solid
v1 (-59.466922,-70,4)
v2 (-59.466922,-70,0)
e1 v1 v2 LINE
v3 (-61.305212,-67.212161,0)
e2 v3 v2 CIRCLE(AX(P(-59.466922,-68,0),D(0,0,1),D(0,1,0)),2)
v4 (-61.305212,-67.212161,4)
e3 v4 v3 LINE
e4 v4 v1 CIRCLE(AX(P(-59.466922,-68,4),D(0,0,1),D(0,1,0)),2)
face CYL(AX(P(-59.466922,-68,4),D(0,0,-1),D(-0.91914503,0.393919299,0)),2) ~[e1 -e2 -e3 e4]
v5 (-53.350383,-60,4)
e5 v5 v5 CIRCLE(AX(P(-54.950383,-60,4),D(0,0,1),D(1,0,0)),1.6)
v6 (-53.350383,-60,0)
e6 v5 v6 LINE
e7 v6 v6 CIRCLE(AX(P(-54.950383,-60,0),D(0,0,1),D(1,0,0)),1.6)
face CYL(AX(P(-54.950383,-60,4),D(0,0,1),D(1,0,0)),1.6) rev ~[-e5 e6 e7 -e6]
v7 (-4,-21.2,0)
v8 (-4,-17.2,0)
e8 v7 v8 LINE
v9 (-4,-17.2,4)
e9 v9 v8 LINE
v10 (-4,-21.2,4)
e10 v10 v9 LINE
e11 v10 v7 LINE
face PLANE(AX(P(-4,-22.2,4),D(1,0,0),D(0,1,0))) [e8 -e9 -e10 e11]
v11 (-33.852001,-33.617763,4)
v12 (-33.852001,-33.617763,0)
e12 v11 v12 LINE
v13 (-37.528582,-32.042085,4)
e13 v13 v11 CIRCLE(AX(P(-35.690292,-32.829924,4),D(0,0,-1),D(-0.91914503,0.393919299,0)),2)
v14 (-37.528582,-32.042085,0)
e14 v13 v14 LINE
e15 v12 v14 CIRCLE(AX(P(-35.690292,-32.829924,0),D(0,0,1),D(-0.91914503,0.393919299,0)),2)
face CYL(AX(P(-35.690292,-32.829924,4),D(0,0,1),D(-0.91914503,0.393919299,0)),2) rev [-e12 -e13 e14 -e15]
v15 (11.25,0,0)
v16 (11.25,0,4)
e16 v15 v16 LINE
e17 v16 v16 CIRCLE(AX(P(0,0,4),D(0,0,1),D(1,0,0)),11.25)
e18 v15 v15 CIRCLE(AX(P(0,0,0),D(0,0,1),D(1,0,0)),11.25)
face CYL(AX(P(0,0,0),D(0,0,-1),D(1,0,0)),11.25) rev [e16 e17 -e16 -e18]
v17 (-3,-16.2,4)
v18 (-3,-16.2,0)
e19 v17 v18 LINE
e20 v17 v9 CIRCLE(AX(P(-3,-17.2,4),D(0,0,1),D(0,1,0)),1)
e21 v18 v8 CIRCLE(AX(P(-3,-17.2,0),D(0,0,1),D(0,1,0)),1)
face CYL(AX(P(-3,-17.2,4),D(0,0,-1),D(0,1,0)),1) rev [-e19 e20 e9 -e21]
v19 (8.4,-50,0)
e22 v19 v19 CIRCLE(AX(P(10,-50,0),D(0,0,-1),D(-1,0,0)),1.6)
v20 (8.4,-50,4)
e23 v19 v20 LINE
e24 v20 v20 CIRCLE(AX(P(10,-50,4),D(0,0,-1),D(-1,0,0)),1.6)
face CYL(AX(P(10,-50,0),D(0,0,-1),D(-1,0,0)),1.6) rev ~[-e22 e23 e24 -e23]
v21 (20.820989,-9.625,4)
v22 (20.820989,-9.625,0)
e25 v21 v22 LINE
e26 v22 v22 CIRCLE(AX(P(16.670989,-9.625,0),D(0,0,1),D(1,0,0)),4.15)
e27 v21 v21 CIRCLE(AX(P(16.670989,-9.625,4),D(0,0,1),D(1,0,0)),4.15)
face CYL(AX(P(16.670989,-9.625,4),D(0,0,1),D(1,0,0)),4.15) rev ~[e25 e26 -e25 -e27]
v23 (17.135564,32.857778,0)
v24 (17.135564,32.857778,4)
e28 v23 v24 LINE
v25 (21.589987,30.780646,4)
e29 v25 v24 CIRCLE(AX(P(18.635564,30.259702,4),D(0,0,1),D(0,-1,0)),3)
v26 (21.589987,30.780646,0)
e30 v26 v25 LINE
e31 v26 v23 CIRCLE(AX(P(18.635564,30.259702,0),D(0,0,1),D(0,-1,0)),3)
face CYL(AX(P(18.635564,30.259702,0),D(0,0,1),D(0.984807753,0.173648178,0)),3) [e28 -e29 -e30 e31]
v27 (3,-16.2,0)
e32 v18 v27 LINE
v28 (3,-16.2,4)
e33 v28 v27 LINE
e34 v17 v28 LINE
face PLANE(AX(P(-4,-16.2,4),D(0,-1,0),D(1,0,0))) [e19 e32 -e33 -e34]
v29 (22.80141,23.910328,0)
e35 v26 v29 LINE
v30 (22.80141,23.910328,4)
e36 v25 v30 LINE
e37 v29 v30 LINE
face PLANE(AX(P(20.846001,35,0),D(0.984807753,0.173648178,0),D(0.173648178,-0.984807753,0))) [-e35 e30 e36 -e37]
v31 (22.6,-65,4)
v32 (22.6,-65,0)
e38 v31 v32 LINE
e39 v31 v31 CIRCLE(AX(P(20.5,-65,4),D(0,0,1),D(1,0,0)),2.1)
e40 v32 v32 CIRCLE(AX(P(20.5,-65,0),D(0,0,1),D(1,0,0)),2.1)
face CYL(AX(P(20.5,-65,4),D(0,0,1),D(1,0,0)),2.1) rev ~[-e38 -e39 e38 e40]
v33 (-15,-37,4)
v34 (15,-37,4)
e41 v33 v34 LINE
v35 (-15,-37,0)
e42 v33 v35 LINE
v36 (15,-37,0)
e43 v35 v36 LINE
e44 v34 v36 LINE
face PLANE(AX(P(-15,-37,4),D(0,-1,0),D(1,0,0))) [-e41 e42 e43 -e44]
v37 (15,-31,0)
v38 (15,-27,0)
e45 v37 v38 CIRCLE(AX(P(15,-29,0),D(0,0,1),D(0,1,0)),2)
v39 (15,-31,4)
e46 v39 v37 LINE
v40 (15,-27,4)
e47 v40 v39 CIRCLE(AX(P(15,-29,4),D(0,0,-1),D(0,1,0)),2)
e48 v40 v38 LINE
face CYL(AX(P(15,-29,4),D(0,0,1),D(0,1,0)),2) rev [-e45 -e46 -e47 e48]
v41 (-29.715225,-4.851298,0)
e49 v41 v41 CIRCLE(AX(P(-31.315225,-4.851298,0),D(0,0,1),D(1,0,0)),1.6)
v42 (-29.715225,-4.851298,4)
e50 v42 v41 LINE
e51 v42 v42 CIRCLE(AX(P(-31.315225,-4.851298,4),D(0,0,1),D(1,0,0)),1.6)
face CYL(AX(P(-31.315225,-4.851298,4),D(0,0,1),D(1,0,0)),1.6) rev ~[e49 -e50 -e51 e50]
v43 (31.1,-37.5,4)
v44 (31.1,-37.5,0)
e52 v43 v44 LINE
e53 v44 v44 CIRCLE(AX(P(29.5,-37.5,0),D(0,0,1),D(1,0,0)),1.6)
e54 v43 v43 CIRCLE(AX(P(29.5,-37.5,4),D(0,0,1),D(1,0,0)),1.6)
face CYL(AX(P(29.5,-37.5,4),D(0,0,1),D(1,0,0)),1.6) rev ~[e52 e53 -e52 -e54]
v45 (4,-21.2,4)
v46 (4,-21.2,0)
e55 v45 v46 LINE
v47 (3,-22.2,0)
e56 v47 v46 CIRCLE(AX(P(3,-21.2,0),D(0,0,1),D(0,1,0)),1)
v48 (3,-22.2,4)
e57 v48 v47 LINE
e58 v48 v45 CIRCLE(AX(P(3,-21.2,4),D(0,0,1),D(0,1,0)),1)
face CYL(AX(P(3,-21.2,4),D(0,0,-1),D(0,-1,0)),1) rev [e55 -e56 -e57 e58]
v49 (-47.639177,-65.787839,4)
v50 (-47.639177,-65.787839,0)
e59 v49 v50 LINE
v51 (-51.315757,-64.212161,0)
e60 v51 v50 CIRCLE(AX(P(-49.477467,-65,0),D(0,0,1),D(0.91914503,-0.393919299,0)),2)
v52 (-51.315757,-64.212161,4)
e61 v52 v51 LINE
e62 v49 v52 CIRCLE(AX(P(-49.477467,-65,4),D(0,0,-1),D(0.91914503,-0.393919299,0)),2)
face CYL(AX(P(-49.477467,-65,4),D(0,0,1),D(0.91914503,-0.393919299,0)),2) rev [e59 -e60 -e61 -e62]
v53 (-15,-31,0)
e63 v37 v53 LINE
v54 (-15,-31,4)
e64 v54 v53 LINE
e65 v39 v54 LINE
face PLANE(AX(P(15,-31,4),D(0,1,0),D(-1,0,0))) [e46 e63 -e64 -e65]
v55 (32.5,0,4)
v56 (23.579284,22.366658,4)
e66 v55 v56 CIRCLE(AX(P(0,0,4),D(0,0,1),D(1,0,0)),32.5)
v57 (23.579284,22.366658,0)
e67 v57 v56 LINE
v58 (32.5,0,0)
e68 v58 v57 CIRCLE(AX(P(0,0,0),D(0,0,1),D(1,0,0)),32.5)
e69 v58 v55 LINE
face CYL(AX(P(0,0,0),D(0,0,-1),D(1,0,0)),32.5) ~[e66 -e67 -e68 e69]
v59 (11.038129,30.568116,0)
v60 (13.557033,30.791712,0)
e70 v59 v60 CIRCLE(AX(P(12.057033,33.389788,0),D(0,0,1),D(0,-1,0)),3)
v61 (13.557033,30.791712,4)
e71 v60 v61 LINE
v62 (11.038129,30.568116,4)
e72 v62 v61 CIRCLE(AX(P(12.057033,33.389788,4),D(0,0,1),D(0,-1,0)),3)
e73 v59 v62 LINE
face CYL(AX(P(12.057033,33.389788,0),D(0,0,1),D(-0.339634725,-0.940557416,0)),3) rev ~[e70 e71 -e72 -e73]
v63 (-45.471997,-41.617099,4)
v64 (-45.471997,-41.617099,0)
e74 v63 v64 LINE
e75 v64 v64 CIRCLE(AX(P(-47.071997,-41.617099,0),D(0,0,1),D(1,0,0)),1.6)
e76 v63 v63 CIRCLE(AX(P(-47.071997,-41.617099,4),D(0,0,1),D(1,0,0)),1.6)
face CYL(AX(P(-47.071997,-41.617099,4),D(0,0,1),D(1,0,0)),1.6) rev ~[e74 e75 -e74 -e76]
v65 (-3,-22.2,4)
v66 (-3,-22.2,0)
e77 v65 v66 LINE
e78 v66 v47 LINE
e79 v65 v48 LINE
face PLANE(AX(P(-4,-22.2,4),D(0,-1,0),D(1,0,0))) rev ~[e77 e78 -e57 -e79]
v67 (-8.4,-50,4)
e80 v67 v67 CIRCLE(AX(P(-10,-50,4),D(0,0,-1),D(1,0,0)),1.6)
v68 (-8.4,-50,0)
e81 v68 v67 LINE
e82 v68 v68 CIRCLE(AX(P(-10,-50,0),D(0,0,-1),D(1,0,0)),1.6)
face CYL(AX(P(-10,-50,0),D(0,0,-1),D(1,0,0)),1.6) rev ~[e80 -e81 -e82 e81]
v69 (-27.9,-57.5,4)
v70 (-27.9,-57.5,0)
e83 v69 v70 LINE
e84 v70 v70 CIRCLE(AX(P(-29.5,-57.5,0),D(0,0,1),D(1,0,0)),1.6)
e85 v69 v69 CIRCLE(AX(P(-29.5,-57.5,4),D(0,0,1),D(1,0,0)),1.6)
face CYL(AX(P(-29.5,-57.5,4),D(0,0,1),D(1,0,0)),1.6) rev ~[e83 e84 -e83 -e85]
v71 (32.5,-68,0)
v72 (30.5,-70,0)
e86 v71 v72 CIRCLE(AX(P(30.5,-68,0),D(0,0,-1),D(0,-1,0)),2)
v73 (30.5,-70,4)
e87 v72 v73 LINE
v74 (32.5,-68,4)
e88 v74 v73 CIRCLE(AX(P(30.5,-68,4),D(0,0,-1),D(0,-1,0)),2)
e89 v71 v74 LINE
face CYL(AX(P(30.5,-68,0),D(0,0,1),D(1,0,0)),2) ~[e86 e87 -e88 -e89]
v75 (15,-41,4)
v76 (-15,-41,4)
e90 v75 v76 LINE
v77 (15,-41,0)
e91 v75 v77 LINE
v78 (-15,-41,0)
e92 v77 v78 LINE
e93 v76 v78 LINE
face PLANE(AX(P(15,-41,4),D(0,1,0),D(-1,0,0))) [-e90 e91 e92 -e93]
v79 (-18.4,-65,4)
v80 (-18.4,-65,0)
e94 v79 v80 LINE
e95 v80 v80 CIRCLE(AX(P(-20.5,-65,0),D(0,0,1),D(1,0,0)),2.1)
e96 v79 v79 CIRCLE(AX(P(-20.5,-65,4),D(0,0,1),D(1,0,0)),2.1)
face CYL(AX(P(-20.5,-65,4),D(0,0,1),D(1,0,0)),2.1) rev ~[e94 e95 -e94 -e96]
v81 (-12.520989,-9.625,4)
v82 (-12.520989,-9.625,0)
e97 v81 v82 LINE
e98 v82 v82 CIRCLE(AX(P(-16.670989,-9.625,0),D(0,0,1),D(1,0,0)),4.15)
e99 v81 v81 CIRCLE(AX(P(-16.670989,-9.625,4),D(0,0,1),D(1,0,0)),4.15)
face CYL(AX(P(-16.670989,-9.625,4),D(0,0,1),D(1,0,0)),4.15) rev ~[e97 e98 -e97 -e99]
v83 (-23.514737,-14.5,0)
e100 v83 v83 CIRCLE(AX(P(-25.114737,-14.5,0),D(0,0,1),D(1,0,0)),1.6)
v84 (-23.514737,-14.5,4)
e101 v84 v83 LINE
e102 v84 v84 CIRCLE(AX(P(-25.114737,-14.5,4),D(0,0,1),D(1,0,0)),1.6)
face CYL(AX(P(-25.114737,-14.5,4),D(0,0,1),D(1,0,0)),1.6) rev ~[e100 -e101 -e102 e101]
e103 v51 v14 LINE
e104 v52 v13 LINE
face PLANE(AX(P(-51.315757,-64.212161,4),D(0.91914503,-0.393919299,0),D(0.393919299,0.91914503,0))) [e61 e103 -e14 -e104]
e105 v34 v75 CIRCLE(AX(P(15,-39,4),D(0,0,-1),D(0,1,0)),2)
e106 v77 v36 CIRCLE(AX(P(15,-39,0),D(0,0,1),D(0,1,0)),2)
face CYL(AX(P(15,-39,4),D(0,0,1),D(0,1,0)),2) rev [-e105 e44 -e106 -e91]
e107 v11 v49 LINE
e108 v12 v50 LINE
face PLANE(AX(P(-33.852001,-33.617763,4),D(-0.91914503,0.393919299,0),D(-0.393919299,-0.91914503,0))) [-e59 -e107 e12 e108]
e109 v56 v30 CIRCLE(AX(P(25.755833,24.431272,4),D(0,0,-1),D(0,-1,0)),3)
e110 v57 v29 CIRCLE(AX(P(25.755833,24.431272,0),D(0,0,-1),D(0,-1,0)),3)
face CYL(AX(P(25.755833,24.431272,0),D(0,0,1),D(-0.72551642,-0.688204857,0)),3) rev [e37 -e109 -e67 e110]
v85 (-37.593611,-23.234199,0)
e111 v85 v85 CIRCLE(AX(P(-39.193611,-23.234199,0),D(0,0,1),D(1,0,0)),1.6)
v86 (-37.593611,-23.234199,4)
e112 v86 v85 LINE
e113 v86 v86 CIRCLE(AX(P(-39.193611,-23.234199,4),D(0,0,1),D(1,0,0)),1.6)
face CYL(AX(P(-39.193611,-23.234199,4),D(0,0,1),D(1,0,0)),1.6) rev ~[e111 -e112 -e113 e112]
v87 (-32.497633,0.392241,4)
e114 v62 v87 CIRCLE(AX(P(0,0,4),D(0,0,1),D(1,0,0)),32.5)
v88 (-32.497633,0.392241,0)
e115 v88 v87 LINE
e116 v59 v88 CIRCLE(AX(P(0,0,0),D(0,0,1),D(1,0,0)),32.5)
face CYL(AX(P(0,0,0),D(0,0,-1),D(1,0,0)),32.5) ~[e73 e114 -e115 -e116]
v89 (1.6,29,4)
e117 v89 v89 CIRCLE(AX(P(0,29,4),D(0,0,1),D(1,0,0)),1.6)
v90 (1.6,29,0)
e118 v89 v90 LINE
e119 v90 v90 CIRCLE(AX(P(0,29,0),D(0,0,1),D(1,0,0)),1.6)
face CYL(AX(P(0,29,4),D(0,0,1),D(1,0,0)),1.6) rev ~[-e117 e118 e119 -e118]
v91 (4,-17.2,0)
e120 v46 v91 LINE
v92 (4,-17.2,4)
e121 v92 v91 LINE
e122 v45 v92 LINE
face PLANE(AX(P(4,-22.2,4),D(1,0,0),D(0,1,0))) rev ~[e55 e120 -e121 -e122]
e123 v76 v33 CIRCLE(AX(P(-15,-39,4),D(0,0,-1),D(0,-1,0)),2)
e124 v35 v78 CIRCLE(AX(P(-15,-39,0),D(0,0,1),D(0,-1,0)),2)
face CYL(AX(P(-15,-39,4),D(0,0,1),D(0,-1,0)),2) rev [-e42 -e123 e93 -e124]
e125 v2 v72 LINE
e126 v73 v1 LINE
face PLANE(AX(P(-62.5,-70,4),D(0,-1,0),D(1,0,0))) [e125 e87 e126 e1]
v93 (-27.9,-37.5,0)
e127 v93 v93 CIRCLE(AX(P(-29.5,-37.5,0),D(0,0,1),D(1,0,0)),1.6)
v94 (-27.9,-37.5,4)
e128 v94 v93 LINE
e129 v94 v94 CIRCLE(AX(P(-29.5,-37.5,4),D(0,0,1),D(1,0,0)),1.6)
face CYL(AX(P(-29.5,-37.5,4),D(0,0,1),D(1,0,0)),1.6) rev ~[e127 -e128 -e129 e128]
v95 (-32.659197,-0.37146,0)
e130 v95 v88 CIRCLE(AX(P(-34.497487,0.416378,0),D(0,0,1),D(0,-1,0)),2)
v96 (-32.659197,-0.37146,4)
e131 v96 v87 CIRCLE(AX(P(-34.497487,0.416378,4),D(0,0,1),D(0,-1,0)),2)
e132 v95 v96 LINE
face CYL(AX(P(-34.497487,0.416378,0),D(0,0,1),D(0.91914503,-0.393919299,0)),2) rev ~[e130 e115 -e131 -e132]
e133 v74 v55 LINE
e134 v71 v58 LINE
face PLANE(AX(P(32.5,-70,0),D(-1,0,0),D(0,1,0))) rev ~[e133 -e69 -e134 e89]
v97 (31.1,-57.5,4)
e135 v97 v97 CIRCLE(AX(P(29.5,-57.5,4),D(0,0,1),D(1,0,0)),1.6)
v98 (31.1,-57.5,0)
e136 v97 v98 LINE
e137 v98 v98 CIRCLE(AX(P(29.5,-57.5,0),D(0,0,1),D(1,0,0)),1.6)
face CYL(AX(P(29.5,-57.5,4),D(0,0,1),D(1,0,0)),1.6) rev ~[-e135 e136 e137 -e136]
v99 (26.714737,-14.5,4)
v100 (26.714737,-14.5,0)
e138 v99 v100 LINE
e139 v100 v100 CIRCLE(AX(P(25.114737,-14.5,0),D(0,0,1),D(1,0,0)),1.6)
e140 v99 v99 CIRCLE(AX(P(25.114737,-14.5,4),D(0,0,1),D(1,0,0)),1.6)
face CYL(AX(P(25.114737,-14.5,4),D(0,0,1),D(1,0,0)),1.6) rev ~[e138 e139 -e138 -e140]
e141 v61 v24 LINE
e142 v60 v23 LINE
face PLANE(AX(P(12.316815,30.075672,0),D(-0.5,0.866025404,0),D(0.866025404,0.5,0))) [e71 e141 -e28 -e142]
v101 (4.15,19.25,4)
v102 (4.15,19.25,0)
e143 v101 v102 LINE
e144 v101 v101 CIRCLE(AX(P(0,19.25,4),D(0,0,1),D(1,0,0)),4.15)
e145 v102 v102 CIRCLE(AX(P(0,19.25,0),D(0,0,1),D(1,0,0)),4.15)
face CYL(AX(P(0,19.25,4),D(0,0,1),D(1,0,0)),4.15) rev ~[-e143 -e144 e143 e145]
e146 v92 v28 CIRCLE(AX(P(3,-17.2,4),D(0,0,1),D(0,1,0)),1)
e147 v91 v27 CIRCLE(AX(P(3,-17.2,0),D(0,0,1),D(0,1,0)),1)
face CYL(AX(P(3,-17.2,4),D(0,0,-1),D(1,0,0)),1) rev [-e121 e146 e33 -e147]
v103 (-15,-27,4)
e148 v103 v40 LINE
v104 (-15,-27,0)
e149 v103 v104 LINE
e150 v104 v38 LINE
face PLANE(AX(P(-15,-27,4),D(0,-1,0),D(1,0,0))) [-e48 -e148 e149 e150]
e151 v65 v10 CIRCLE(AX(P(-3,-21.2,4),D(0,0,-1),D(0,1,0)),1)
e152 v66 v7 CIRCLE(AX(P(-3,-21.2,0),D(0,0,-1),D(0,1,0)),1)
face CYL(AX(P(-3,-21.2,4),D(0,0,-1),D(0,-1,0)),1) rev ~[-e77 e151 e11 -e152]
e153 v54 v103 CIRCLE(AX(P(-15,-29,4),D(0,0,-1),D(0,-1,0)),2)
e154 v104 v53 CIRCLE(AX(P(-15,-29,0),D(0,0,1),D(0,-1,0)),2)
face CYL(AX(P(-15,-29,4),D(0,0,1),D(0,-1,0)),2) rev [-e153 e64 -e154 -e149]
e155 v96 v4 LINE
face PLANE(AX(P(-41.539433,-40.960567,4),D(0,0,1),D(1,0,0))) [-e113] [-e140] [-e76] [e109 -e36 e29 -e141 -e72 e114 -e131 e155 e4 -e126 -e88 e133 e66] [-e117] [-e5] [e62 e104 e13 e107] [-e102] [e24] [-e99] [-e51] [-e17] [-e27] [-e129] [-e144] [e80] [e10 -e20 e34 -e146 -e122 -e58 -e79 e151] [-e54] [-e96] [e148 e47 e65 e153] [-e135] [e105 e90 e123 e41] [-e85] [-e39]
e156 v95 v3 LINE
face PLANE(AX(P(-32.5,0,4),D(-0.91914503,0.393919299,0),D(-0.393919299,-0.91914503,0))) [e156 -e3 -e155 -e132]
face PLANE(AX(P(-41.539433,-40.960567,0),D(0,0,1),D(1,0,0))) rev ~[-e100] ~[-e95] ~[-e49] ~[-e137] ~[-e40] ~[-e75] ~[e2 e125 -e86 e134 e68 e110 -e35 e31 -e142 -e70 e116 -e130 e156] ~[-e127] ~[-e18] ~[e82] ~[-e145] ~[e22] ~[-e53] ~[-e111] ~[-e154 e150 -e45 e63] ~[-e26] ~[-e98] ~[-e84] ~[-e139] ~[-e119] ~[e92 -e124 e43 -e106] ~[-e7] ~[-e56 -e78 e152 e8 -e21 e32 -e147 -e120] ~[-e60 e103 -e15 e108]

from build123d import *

# Parameters (mm, degrees)
SKETCH_1_R          = 32.5
SKETCH_1_R_2        = 11.25
EXTRUDE_1_DEPTH     = 4
EXTRUDE_START       = -4
EXTRUDE_2_DEPTH     = 4
SKETCH_3_R          = 4.15
CUT_EXTRUDE_1_DEPTH = 4
SKETCH_4_R          = 1.6
CUT_EXTRUDE_2_DEPTH = 4
SKETCH_5_W          = 17.6
SKETCH_5_H          = 4
EXTRUDE_3_DEPTH     = 4
SKETCH_6_R          = 2.1
CUT_EXTRUDE_3_DEPTH = 4
SKETCH_7_W          = 8
SKETCH_7_H          = 6
CUT_EXTRUDE_4_DEPTH = 4
FILLET_1_R          = 1
SKETCH_8_R          = 1.6
CUT_EXTRUDE_5_DEPTH = 10
SKETCH_9_W          = 35.2
SKETCH_9_H          = 4
CUT_EXTRUDE_6_DEPTH = 10
SKETCH_10_R         = 1.6
CUT_EXTRUDE_7_DEPTH = 10
EXTRUDE_4_DEPTH     = 4
FILLET_2_R          = 3
CUT_EXTRUDE_8_DEPTH = 10
EXTRUDE_5_DEPTH     = 4
FILLET_3_R          = 2
SKETCH_14_R         = 1.6
CUT_EXTRUDE_9_DEPTH = 10


with BuildPart() as part:
    # 草图1 → 凸台-拉伸1 (new body)
    with BuildSketch(Plane.XY):
        Circle(SKETCH_1_R)
        Circle(SKETCH_1_R_2, mode=Mode.SUBTRACT)
    extrude(amount=EXTRUDE_1_DEPTH)

    # 草图2 → 凸台-拉伸2 (add)
    with BuildSketch(Plane.XY.offset(4).offset(EXTRUDE_START)):
        with BuildLine():
            Line((-32.5, 0), (-32.5, -70))
            Line((-32.5, -70), (32.5, -70))
            Line((32.5, -70), (32.5, 0))
            ThreePointArc((32.5, 0), (0, -32.5), (-32.5, 0))
        make_face()
    extrude(amount=EXTRUDE_2_DEPTH)

    # 草图3 → 切除-拉伸1 (cut)
    with BuildSketch(Plane.XY.offset(4)):
        with Locations((0, 19.25)):
            Circle(SKETCH_3_R)
        with Locations((16.670989023, -9.625)):
            Circle(SKETCH_3_R)
        with Locations((-16.670989023, -9.625)):
            Circle(SKETCH_3_R)
    extrude(amount=-CUT_EXTRUDE_1_DEPTH, mode=Mode.SUBTRACT)

    # 草图4 → 切除-拉伸2 (cut)
    with BuildSketch(Plane.XY.offset(4)):
        with Locations((0, 29)):
            Circle(SKETCH_4_R)
        with Locations((25.11473671, -14.5)):
            Circle(SKETCH_4_R)
        with Locations((-25.11473671, -14.5)):
            Circle(SKETCH_4_R)
    extrude(amount=-CUT_EXTRUDE_2_DEPTH, mode=Mode.SUBTRACT)

    # 草图5 → 凸台-拉伸3 (add)
    with BuildSketch(Plane.XY.offset(4)):
        with Locations((-8.8, -72)):
            Rectangle(SKETCH_5_W, SKETCH_5_H)
        with Locations((8.8, -72)):
            Rectangle(SKETCH_5_W, SKETCH_5_H)
    extrude(amount=-EXTRUDE_3_DEPTH)

    # 草图6 → 切除-拉伸3 (cut)
    with BuildSketch(Plane.XY.offset(4)):
        with Locations((-20.5, -65)):
            Circle(SKETCH_6_R)
        with Locations((20.5, -65)):
            Circle(SKETCH_6_R)
    extrude(amount=-CUT_EXTRUDE_3_DEPTH, mode=Mode.SUBTRACT)

    # 草图7 → 切除-拉伸4 (cut)
    with BuildSketch(Plane.XY.offset(4)):
        with Locations((0, -19.2)):
            Rectangle(SKETCH_7_W, SKETCH_7_H)
    extrude(amount=-CUT_EXTRUDE_4_DEPTH, mode=Mode.SUBTRACT)

    # 圆角1
    fillet_1_edges = [part.edges().sort_by_distance(p)[0] for p in [
        (4, -16.2, 2),
        (4, -22.2, 2),
        (-4, -22.2, 2),
        (-4, -16.2, 2),
    ]]
    fillet(fillet_1_edges, radius=FILLET_1_R)

    # 草图8 → 切除-拉伸5 (cut)
    with BuildSketch(Plane(origin=(0, 0, 0), x_dir=(-1, 0, 0), z_dir=(0, 0, -1))):
        with Locations((-10, -50)):
            Circle(SKETCH_8_R)
        with Locations(Location((10, -50, 0), (0, 0, 180))):
            Circle(SKETCH_8_R)
    extrude(amount=-CUT_EXTRUDE_5_DEPTH, mode=Mode.SUBTRACT)

    # 草图9 → 切除-拉伸6 (cut)
    with BuildSketch(Plane.XY.offset(4)):
        with Locations((0, -72)):
            Rectangle(SKETCH_9_W, SKETCH_9_H)
    extrude(amount=-CUT_EXTRUDE_6_DEPTH, mode=Mode.SUBTRACT)

    # 草图10 → 切除-拉伸7 (cut)
    with BuildSketch(Plane.XY.offset(4)):
        with Locations((-29.5, -57.5)):
            Circle(SKETCH_10_R)
        with Locations((-29.5, -37.5)):
            Circle(SKETCH_10_R)
        with Locations((29.5, -37.5)):
            Circle(SKETCH_10_R)
        with Locations((29.5, -57.5)):
            Circle(SKETCH_10_R)
    extrude(amount=-CUT_EXTRUDE_7_DEPTH, mode=Mode.SUBTRACT)

    # 草图11 → 凸台-拉伸4 (add)
    with BuildSketch(Plane.XY.offset(4).offset(EXTRUDE_START)):
        with BuildLine():
            Line((12.316815341, 30.075672226), (20.846001238, 35))
            Line((20.846001238, 35), (22.961925006, 23))
            ThreePointArc((22.961925006, 23), (17.990654921, 27.06633214), (12.316815341, 30.075672226))
        make_face()
    extrude(amount=EXTRUDE_4_DEPTH)

    # 圆角2
    fillet_2_edges = [part.edges().sort_by_distance(p)[0] for p in [
        (22.961925006, 23, 2),
        (12.316815341, 30.075672226, 2),
        (20.846001238, 35, 2),
    ]]
    fillet(fillet_2_edges, radius=FILLET_2_R)

    # 草图12 → 切除-拉伸8 (cut)
    with BuildSketch(Plane.XY.offset(4)):
        with BuildLine():
            Line((-15, -27), (15, -27))
            ThreePointArc((15, -27), (17, -29), (15, -31))
            Line((15, -31), (-15, -31))
            ThreePointArc((-15, -31), (-17, -29), (-15, -27))
        make_face()
        with BuildLine():
            Line((-15, -37), (15, -37))
            ThreePointArc((15, -37), (17, -39), (15, -41))
            Line((15, -41), (-15, -41))
            ThreePointArc((-15, -41), (-17, -39), (-15, -37))
        make_face()
    extrude(amount=-CUT_EXTRUDE_8_DEPTH, mode=Mode.SUBTRACT)

    # 草图13 → 凸台-拉伸5 (add)
    with BuildSketch(Plane.XY.offset(4)):
        Polygon((-32.5, 0), (-62.5, -70), (-32.5, -70), align=None)
    extrude(amount=-EXTRUDE_5_DEPTH)

    # 圆角3
    fillet_3_edges = [part.edges().sort_by_distance(p)[0] for p in [
        (-32.5, 0, 2),
        (32.5, -70, 2),
        (-62.5, -70, 2),
    ]]
    fillet(fillet_3_edges, radius=FILLET_3_R)

    # 草图14 → 切除-拉伸9 (cut)
    with BuildSketch(Plane.XY.offset(4)):
        with Locations((-54.950382955, -60)):
            Circle(SKETCH_14_R)
        with Locations((-47.071996983, -41.6170994)):
            Circle(SKETCH_14_R)
        with Locations((-39.193611011, -23.234198799)):
            Circle(SKETCH_14_R)
        with Locations((-31.31522504, -4.851298199)):
            Circle(SKETCH_14_R)
        with BuildLine():
            Line((-33.852001481, -33.617762547), (-47.639176932, -65.787838597))
            ThreePointArc((-47.639176932, -65.787838597), (-50.265305589, -66.83829006), (-51.315757052, -64.212161403))
            Line((-51.315757052, -64.212161403), (-37.528581601, -32.042085352))
            ThreePointArc((-37.528581601, -32.042085352), (-34.902452944, -30.991633889), (-33.852001481, -33.617762547))
        make_face()
    extrude(amount=-CUT_EXTRUDE_9_DEPTH, mode=Mode.SUBTRACT)


solid = part.part
